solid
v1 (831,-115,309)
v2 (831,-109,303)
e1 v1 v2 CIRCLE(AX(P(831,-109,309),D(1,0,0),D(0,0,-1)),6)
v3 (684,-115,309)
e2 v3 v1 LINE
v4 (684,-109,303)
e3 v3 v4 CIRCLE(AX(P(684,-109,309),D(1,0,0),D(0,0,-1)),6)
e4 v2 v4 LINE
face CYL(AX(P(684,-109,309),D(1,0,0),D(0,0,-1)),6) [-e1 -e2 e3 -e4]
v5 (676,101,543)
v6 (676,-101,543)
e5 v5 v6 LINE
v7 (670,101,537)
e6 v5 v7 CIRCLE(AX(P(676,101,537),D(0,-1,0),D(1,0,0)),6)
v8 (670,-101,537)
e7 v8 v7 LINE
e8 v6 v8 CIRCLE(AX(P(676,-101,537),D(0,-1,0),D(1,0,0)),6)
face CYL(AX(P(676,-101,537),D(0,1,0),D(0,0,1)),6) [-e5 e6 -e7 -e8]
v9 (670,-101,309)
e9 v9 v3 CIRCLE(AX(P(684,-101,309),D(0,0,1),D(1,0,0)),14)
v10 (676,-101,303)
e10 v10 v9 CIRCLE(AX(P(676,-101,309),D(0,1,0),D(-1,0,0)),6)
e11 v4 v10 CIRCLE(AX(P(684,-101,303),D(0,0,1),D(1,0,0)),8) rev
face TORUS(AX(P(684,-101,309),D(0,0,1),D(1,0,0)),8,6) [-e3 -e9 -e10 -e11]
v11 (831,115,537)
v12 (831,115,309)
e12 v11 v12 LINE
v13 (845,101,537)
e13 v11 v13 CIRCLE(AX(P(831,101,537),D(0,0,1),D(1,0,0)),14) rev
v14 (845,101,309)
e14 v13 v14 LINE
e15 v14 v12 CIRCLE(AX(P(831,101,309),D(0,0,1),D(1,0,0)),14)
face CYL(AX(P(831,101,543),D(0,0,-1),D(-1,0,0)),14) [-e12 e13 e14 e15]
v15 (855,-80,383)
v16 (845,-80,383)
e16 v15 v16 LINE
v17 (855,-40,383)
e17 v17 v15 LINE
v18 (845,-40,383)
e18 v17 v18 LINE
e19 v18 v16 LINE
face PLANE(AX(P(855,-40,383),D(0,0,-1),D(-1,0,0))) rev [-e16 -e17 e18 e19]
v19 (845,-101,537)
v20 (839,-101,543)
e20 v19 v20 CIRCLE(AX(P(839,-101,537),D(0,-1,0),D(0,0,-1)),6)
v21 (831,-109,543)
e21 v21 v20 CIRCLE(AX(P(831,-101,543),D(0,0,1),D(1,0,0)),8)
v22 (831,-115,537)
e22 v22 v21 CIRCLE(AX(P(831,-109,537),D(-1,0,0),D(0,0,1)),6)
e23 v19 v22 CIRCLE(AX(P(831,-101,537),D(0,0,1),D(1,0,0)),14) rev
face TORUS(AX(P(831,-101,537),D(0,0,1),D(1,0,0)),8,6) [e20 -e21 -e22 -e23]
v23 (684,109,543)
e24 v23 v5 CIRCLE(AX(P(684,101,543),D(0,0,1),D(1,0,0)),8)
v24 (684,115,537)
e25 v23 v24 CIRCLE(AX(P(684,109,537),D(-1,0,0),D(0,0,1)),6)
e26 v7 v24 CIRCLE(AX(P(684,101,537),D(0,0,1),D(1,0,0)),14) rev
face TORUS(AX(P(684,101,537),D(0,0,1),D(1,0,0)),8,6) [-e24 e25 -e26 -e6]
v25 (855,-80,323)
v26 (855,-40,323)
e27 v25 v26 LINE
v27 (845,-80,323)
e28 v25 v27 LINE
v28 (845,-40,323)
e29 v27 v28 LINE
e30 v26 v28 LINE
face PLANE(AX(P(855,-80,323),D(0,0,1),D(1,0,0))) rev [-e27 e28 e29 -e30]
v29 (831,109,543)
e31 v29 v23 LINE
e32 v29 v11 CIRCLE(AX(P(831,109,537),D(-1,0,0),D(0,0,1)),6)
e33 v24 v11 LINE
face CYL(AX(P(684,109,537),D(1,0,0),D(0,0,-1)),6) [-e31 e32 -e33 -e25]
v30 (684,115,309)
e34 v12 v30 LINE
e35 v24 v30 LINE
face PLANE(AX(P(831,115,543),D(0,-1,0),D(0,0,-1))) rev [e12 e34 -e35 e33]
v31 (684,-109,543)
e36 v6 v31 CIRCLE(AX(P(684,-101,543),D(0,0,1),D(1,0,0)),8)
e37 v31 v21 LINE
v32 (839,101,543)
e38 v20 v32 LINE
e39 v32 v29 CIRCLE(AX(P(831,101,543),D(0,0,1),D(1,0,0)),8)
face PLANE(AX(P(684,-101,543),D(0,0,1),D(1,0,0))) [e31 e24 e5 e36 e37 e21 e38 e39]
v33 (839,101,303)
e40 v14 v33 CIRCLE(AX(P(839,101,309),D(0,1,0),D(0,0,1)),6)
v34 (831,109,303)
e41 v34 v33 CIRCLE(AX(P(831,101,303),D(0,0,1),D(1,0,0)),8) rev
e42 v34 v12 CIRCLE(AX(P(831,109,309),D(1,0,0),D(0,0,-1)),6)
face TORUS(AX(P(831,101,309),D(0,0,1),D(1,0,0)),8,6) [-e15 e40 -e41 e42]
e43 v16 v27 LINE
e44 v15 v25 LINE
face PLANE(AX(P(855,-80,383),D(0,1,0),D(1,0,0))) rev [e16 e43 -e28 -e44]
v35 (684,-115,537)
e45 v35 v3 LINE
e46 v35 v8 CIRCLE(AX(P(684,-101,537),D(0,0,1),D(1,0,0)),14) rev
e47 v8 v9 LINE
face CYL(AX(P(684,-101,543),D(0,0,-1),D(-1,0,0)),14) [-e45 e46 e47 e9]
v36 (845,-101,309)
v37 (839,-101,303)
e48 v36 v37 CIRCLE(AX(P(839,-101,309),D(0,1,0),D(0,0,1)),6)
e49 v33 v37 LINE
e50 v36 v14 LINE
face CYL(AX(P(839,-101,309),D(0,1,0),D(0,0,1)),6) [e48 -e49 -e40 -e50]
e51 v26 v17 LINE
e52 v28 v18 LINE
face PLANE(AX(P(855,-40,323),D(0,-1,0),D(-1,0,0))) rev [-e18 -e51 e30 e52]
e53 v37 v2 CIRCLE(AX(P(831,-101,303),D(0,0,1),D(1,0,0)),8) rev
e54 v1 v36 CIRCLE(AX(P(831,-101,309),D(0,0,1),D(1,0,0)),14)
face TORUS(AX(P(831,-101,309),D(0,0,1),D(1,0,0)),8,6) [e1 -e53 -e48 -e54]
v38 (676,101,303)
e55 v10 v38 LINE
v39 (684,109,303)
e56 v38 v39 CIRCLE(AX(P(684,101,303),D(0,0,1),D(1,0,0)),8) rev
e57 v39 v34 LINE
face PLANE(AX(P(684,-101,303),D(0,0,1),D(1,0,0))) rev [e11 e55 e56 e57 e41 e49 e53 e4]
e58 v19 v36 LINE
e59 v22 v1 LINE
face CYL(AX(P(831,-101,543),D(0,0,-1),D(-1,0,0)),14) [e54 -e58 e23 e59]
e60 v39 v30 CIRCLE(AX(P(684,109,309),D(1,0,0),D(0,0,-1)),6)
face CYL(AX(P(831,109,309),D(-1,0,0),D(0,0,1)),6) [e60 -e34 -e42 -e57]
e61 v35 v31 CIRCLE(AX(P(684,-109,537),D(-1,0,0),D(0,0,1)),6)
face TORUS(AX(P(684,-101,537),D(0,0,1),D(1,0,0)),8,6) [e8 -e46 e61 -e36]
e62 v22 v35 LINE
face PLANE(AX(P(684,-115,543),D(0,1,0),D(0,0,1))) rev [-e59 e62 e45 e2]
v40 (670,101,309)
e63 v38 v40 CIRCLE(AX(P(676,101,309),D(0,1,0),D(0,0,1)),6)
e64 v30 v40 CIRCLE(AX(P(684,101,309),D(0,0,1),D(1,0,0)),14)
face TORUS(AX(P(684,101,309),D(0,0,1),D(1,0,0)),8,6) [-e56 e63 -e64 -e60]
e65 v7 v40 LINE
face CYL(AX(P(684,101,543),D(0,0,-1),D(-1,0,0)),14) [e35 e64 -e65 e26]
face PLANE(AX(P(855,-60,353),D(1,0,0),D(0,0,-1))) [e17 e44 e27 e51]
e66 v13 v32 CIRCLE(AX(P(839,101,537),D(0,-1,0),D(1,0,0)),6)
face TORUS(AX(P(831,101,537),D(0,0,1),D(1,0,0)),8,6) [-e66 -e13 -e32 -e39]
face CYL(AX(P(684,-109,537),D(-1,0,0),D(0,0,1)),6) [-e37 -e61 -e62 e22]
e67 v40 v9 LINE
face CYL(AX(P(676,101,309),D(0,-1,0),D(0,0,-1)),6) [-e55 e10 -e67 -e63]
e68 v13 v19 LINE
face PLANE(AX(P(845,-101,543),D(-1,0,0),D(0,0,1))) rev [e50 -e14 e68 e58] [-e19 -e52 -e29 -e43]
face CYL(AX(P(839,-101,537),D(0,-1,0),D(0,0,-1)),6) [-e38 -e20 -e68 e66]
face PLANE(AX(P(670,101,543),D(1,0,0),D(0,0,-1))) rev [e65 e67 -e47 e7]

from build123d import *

# Parameters (mm, degrees)
BLOCK_START            = 303
BLOCK_1_DEPTH          = 240
BLOCK_EDGE_FILLET_1_R  = 6
EXTRUDE_SKETCH_1_W     = 60
EXTRUDE_SKETCH_1_H     = 40
EXTRUDE_1_DEPTH        = 10
EXTRUDE_ROTATE_1_ANGLE = 90


with BuildPart() as part:
    # Block sketch 1 → Block 1 (new body)
    with BuildSketch(Plane.XY.offset(BLOCK_START)):
        with BuildLine():
            Line((684, -115), (831, -115))
            ThreePointArc((831, -115), (840.899494937, -110.899494937), (845, -101))
            Line((845, -101), (845, 101))
            ThreePointArc((845, 101), (840.899494937, 110.899494937), (831, 115))
            Line((831, 115), (684, 115))
            ThreePointArc((684, 115), (674.100505063, 110.899494937), (670, 101))
            Line((670, 101), (670, -101))
            ThreePointArc((670, -101), (674.100505063, -110.899494937), (684, -115))
        make_face()
    extrude(amount=BLOCK_1_DEPTH)

    # Block edge fillet 1
    block_edge_fillet_1_edges = [part.edges().sort_by_distance(p)[0] for p in [
        (845, 0, 303),
        (840.899494937, -110.899494937, 303),
        (757.5, -115, 303),
        (674.100505063, -110.899494937, 303),
        (840.899494937, -110.899494937, 543),
        (845, 0, 543),
        (840.899494937, 110.899494937, 543),
        (757.5, 115, 543),
        (674.100505063, 110.899494937, 543),
        (670, 0, 543),
        (674.100505063, -110.899494937, 543),
        (670, 0, 303),
        (757.5, -115, 543),
        (674.100505063, 110.899494937, 303),
        (757.5, 115, 303),
        (840.899494937, 110.899494937, 303),
    ]]
    fillet(block_edge_fillet_1_edges, radius=BLOCK_EDGE_FILLET_1_R)


with BuildPart() as body_2:
    # Extrude sketch 1 → Extrude 1 (new body)
    with BuildSketch(Plane.XY):
        Rectangle(EXTRUDE_SKETCH_1_W, EXTRUDE_SKETCH_1_H)
    extrude(amount=EXTRUDE_1_DEPTH)


with BuildPart() as body_2_1:
    # Extrude rotate 1: moved
    add(body_2.part.rotate(Axis((0, 0, 0), (0, 1, 0)), EXTRUDE_ROTATE_1_ANGLE))


with BuildPart() as body_2_2:
    # Extrude place 1: moved
    add(body_2_1.part.moved(Location((845, -60, 353))))

    # Combine (weld / assembly of features): union part
    add(part.part)


solid = body_2_2.part
